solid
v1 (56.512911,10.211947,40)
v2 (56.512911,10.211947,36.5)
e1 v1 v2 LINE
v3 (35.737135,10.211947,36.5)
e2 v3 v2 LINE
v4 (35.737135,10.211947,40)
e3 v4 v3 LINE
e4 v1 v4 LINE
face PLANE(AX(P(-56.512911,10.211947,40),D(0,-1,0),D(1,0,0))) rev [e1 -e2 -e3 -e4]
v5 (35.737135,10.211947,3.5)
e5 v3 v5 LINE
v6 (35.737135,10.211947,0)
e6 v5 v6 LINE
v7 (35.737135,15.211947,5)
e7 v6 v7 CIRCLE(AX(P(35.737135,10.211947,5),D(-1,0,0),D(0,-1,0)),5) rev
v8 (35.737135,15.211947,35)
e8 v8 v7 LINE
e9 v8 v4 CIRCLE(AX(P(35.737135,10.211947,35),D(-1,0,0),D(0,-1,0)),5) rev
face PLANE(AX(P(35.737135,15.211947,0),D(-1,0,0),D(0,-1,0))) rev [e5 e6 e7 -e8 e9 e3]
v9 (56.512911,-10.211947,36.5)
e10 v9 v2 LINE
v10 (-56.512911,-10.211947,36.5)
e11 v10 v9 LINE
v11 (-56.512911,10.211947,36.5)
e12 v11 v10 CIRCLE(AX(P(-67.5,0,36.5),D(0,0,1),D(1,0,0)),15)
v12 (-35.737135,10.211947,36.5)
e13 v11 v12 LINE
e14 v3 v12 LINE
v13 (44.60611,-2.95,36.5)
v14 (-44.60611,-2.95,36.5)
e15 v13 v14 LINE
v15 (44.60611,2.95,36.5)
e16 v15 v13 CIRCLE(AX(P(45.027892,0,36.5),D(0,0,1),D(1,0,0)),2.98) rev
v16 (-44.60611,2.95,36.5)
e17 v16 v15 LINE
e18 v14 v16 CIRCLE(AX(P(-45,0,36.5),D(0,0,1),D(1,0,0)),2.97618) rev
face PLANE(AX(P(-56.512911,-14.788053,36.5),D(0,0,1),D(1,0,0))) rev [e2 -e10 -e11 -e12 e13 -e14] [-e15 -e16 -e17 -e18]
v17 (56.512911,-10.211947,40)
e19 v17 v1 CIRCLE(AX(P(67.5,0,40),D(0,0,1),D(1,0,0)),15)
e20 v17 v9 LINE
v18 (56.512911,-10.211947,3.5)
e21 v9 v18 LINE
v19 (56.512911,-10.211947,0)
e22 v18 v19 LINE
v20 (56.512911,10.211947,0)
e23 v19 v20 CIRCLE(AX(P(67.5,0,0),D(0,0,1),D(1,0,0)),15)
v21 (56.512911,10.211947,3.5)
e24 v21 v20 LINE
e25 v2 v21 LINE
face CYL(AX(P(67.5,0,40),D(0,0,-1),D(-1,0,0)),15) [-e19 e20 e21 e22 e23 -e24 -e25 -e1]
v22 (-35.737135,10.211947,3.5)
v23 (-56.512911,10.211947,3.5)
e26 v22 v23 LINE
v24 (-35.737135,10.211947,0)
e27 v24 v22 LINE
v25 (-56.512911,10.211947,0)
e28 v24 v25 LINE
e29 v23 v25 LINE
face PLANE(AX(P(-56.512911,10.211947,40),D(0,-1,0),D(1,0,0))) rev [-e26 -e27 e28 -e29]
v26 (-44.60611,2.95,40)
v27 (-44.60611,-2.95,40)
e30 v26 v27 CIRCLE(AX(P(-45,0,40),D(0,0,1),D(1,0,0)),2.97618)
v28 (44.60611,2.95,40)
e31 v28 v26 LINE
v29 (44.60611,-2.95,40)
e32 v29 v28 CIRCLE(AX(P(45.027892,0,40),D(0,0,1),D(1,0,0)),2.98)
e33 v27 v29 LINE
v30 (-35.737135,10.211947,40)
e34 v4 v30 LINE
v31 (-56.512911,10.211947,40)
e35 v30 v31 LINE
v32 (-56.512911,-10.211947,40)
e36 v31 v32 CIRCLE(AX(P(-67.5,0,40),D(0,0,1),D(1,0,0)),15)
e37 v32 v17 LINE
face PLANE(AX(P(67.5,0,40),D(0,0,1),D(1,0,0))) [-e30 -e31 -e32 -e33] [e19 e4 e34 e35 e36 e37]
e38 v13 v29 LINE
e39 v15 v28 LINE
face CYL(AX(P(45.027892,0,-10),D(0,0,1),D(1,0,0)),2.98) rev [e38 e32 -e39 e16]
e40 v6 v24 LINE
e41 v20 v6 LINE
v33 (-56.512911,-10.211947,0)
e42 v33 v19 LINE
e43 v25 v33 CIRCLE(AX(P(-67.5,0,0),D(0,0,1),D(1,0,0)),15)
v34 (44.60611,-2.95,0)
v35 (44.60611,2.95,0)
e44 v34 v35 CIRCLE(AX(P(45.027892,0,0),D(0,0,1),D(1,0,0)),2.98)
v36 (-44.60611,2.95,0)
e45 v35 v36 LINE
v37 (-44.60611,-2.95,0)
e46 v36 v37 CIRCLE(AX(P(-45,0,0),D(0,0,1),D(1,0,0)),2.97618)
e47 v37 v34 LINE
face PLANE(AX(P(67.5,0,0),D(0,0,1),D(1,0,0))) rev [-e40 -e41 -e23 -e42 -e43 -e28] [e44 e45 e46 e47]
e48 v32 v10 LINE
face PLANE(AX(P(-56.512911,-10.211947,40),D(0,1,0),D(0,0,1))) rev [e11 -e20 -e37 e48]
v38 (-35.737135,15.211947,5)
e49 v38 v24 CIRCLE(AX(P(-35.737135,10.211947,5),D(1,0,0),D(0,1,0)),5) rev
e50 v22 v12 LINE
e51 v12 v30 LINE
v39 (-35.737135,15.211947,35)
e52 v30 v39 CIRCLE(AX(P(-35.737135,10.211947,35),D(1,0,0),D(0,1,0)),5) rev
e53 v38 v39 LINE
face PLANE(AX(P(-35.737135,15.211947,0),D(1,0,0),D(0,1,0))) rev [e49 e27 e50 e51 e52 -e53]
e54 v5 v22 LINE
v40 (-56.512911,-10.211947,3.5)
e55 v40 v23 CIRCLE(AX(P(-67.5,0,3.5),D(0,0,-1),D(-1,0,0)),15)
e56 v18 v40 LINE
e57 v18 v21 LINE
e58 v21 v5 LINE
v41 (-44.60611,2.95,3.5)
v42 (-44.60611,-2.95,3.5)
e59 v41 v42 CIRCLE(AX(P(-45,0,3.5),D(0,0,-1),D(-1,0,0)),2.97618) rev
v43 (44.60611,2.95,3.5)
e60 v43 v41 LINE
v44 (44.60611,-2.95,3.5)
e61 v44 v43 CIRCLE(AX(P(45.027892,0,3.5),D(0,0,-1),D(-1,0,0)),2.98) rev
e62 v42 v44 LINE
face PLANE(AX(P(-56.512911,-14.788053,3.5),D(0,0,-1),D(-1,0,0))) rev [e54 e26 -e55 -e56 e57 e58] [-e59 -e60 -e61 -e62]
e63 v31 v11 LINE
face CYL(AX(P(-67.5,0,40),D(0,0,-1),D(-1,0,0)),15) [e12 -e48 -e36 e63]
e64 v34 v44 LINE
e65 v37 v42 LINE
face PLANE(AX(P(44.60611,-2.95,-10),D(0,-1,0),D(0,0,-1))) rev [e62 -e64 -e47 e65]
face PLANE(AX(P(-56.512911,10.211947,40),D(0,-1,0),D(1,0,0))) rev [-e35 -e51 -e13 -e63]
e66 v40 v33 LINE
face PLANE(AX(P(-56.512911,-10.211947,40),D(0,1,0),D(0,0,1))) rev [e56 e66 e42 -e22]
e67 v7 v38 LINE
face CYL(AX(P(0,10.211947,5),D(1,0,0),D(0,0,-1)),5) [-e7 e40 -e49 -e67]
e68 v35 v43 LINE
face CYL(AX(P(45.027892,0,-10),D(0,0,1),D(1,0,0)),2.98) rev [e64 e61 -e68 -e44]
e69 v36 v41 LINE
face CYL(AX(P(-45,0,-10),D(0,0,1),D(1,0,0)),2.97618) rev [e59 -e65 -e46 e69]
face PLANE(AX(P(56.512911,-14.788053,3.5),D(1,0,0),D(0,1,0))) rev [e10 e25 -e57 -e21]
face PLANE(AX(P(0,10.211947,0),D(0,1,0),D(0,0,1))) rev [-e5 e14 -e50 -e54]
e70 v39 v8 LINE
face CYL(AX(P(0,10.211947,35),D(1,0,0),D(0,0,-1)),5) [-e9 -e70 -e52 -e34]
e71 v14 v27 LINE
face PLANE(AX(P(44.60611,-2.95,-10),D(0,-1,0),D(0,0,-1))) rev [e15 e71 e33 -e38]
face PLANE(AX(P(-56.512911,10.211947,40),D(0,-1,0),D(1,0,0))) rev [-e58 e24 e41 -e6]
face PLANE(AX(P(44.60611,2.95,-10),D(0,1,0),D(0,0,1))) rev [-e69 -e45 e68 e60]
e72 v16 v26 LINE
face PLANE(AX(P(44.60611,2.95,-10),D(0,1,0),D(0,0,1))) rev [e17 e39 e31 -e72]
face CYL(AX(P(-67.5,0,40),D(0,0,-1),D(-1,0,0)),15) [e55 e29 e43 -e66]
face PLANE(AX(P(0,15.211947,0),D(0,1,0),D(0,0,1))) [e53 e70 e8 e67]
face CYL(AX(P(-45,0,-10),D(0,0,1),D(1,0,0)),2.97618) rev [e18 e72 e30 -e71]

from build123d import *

# Parameters (mm, degrees)
BOSS_EXTRUDE1_DEPTH     = 40
CUT_EXTRUDE1_DEPTH      = 60
SKETCH3_W               = 113.025821482
SKETCH3_H               = 33
CUT_EXTRUDE2_DEPTH      = 25
CUT_EXTRUDE6_DEPTH      = 96.088865234
CUT_EXTRUDE6_DEPTH_BACK = 96.088865234
SKETCH7_W               = 50
SKETCH7_H               = 33
SKETCH8_W               = 71.47426929
SKETCH8_H               = 40
BOSS_EXTRUDE2_DEPTH     = 5
FILLET1_R               = 5
FILLET2_R               = 5


with BuildPart() as part:
    # Sketch1 → Boss-Extrude1 (new body)
    with BuildSketch(Plane.XY):
        with BuildLine():
            Line((-56.512910741, 10.211947396), (56.512910741, 10.211947396))
            ThreePointArc((56.512910741, 10.211947396), (82.5, 0), (56.512910741, -10.211947396))
            Line((56.512910741, -10.211947396), (-56.512910741, -10.211947396))
            ThreePointArc((-56.512910741, -10.211947396), (-82.5, 0), (-56.512910741, 10.211947396))
        make_face()
    extrude(amount=BOSS_EXTRUDE1_DEPTH)

    # Sketch2 → Cut-Extrude1 (cut)
    with BuildSketch(Plane.XY.offset(50)):
        with BuildLine():
            Line((44.606109659, 2.95), (-44.606109659, 2.95))
            ThreePointArc((-44.606109659, 2.95), (-47.976180371, 0), (-44.606109659, -2.95))
            Line((-44.606109659, -2.95), (44.606109659, -2.95))
            ThreePointArc((44.606109659, -2.95), (48.007891593, 0), (44.606109659, 2.95))
        make_face()
    extrude(amount=-CUT_EXTRUDE1_DEPTH, mode=Mode.SUBTRACT)

    # Sketch3 → Cut-Extrude2 (cut)
    with BuildSketch(Plane(origin=(0, 10.211947396, 0), x_dir=(1, 0, 0), z_dir=(0, 1, 0))):
        with Locations((0, -20)):
            Rectangle(SKETCH3_W, SKETCH3_H)
    extrude(amount=-CUT_EXTRUDE2_DEPTH, mode=Mode.SUBTRACT)

    # Sketch7 → Cut-Extrude6 (cut, two sides: drawn at the far end of the back side and taken through both)
    with BuildSketch(Plane(origin=(0, 10.211947396, 0), x_dir=(-1, 0, 0), z_dir=(0, -1, 0)).offset(-CUT_EXTRUDE6_DEPTH_BACK)):
        with Locations((81.512910741, -20)):
            Rectangle(SKETCH7_W, SKETCH7_H)
    extrude(amount=CUT_EXTRUDE6_DEPTH + CUT_EXTRUDE6_DEPTH_BACK, mode=Mode.SUBTRACT)

    # Sketch8 → Boss-Extrude2 (add)
    with BuildSketch(Plane(origin=(0, 10.211947396, 0), x_dir=(1, 0, 0), z_dir=(0, 1, 0))):
        with Locations((0, -20)):
            Rectangle(SKETCH8_W, SKETCH8_H)
    extrude(amount=BOSS_EXTRUDE2_DEPTH)

    # Fillet1
    fillet1_edges = [part.edges().sort_by_distance(p)[0] for p in [
        (0, 15.211947396, 40),
    ]]
    fillet(fillet1_edges, radius=FILLET1_R)

    # Fillet2
    fillet2_edges = [part.edges().sort_by_distance(p)[0] for p in [
        (0, 15.211947396, 0),
    ]]
    fillet(fillet2_edges, radius=FILLET2_R)


solid = part.part
